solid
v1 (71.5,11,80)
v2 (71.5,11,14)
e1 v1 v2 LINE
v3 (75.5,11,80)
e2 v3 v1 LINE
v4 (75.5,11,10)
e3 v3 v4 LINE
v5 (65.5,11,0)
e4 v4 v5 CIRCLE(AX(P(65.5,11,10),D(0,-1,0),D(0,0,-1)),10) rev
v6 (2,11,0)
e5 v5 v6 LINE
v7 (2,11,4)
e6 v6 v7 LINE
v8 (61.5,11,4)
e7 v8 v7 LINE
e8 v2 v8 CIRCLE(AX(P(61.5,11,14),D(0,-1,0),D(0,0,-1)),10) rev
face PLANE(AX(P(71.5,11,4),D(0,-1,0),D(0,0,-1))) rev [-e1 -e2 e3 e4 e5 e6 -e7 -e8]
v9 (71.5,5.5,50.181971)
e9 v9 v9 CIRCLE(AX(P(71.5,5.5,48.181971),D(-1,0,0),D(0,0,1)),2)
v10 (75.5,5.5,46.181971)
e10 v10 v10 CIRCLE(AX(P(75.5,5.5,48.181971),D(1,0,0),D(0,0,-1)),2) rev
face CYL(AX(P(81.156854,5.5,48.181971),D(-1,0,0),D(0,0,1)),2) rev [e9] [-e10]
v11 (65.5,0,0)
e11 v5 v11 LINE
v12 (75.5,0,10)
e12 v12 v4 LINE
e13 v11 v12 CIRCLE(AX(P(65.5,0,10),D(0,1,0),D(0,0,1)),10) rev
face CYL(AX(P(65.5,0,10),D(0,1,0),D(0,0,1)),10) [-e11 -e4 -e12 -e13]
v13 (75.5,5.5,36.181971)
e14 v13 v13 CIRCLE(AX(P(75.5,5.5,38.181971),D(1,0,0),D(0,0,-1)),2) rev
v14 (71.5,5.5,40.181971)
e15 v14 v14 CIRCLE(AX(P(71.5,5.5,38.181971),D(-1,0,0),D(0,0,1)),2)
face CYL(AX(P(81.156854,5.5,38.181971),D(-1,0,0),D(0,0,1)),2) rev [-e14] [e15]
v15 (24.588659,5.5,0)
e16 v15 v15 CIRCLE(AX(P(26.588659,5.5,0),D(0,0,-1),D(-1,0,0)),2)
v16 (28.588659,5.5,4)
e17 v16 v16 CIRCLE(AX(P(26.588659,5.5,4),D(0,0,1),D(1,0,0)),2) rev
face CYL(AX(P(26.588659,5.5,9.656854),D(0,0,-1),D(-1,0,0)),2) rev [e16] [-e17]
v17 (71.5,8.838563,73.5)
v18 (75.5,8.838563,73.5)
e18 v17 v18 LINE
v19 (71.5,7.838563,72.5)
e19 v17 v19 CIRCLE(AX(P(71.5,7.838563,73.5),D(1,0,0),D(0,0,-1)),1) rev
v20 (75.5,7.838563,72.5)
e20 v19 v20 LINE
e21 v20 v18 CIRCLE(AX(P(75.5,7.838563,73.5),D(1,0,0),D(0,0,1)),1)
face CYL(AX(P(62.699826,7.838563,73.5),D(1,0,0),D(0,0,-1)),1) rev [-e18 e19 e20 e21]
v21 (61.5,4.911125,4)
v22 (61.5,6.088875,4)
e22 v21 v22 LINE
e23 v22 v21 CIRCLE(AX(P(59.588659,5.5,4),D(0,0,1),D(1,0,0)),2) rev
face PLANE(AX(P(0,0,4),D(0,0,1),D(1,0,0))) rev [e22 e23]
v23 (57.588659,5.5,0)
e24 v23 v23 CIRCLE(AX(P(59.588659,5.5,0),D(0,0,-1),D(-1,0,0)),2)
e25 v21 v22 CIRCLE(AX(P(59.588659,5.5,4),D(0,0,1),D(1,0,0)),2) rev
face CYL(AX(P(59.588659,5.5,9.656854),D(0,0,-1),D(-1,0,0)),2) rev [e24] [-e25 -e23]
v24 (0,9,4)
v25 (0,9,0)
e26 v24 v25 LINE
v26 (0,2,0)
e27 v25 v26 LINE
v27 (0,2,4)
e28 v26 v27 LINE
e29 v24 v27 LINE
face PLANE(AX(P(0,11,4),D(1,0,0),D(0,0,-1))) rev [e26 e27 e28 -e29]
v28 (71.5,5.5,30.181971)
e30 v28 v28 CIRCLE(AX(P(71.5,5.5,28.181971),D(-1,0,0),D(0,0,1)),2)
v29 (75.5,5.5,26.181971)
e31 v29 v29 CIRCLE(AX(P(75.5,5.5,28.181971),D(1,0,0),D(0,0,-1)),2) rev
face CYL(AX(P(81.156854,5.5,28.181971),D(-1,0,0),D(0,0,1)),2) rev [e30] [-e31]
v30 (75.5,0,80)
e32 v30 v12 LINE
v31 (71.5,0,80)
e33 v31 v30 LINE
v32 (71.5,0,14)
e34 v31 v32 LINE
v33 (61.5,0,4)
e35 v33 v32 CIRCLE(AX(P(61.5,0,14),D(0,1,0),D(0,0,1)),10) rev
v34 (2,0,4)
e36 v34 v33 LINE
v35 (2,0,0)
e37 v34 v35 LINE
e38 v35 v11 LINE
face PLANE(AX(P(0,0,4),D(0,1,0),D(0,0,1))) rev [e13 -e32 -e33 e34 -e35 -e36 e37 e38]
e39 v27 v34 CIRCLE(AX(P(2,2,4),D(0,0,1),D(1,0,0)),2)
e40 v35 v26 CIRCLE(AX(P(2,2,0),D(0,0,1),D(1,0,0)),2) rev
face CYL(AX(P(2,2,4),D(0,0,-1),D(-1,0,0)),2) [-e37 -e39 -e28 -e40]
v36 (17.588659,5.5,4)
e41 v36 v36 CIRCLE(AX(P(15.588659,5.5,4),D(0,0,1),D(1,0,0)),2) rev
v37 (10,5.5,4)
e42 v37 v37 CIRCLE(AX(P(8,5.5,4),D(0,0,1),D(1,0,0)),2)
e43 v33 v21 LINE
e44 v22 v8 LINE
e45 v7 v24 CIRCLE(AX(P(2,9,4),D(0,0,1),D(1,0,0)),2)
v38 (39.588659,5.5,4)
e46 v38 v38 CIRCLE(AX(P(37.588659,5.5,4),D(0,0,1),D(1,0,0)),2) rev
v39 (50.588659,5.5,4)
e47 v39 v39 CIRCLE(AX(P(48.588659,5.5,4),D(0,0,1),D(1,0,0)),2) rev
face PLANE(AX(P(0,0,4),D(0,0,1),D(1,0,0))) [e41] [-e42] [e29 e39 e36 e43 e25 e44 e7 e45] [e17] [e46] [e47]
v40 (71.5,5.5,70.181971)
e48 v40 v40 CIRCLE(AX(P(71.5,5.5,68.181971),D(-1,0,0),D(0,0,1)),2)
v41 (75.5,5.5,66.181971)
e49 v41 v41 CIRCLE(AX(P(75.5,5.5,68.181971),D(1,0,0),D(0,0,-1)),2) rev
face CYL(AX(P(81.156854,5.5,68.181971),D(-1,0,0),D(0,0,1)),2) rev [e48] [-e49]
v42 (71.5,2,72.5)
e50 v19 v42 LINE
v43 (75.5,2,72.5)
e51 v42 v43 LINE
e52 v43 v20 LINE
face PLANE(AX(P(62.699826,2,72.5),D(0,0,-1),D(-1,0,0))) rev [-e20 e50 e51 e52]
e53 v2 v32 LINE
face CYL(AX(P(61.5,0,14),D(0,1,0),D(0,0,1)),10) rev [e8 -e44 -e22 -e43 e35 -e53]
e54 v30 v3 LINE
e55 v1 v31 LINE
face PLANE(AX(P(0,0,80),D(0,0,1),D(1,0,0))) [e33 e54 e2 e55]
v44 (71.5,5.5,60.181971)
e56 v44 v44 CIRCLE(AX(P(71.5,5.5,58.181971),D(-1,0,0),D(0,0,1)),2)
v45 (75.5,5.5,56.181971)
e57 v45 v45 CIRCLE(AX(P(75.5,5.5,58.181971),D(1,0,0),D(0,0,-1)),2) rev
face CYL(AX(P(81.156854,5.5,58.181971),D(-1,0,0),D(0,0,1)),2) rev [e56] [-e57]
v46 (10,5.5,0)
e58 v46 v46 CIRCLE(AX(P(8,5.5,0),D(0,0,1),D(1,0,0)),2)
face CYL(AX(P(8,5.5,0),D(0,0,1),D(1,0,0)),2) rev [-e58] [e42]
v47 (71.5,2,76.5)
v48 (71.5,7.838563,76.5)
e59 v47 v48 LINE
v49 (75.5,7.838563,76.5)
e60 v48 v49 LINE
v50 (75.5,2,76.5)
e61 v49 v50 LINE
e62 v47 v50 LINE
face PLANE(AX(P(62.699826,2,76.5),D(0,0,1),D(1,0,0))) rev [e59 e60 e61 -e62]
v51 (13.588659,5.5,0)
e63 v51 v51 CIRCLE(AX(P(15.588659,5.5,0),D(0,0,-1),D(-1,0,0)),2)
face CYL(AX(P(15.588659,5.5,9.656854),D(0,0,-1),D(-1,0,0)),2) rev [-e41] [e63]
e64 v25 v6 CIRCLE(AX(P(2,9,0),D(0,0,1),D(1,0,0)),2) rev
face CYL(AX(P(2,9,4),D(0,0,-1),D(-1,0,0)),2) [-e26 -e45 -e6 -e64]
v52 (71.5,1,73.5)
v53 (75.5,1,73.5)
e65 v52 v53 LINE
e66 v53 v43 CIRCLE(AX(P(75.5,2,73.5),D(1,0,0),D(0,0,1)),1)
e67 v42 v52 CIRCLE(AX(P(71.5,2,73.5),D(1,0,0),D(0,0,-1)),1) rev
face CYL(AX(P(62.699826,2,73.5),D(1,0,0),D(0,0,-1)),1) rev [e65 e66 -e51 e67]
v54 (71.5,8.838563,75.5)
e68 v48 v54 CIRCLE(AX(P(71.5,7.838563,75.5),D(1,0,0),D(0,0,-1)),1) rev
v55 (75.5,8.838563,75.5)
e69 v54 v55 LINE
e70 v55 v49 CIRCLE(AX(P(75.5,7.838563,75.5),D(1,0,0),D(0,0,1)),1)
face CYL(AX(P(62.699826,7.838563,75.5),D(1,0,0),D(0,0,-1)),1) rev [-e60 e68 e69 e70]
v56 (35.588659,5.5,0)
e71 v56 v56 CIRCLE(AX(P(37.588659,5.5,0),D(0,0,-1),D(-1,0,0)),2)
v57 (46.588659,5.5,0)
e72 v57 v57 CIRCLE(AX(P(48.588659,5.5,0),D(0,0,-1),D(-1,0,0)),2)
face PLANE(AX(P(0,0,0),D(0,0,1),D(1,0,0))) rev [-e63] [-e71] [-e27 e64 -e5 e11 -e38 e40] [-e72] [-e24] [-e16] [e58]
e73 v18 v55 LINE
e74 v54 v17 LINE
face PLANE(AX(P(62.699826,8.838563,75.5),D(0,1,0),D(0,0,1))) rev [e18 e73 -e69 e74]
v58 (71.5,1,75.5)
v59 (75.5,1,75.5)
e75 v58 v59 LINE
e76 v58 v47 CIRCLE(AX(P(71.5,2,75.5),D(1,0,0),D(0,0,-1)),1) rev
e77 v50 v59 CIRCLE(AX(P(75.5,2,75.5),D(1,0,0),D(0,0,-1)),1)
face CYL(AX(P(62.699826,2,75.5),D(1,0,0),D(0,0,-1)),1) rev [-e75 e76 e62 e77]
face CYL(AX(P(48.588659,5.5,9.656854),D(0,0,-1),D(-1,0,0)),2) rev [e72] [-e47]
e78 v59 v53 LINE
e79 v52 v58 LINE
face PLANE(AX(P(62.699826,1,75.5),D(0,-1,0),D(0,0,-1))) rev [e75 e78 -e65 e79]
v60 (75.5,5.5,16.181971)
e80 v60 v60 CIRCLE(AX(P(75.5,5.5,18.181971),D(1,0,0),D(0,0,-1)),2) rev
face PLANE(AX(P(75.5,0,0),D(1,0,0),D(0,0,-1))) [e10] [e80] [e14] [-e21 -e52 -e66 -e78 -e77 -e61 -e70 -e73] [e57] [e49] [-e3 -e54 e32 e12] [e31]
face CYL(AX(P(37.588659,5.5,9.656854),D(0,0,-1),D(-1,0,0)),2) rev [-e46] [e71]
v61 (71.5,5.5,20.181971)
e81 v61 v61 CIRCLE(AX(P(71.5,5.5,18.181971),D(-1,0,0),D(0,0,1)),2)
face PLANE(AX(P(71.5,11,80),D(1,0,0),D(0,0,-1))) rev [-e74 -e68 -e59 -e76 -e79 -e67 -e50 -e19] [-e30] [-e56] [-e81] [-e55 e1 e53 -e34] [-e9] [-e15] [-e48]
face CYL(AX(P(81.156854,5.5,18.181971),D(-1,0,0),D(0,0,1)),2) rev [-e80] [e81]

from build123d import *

# Parameters (mm, degrees)
SKETCH2_W           = 71.5
SKETCH2_H           = 11
BOSS_EXTRUDE2_DEPTH = 4
SKETCH3_R           = 2
CUT_EXTRUDE1_DEPTH  = 4
SKETCH4_W           = 4
SKETCH4_H           = 4
BOSS_EXTRUDE3_DEPTH = 11
SKETCH5_W           = 4
SKETCH5_H           = 11
BOSS_EXTRUDE4_DEPTH = 76
CUT_EXTRUDE2_DEPTH  = 4
FILLET1_R           = 10
FILLET2_R           = 10
FILLET4_R           = 2
SKETCH7_R           = 2
CUT_EXTRUDE3_DEPTH  = 4
SKETCH8_R           = 2
CUT_EXTRUDE4_DEPTH  = 4


with BuildPart() as part:
    # Sketch2 → Boss-Extrude2 (new body)
    with BuildSketch(Plane.XY):
        with Locations((35.75, 5.5)):
            Rectangle(SKETCH2_W, SKETCH2_H)
    extrude(amount=BOSS_EXTRUDE2_DEPTH)

    # Sketch3 → Cut-Extrude1 (cut)
    with BuildSketch(Plane.XY.offset(4)):
        with Locations((8, 5.5)):
            Circle(SKETCH3_R)
    extrude(amount=-CUT_EXTRUDE1_DEPTH, mode=Mode.SUBTRACT)

    # Sketch4 → Boss-Extrude3 (add)
    with BuildSketch(Plane(origin=(0, 11, 0), x_dir=(1, 0, 0), z_dir=(0, 1, 0))):
        with Locations((73.5, -2)):
            Rectangle(SKETCH4_W, SKETCH4_H)
    extrude(amount=-BOSS_EXTRUDE3_DEPTH)

    # Sketch5 → Boss-Extrude4 (add)
    with BuildSketch(Plane.XY.offset(4)):
        with Locations((73.5, 5.5)):
            Rectangle(SKETCH5_W, SKETCH5_H)
    extrude(amount=BOSS_EXTRUDE4_DEPTH)

    # Sketch6 → Cut-Extrude2 (cut)
    with BuildSketch(Plane(origin=(75.5, 0, 0), x_dir=(0, 0, -1), z_dir=(1, 0, 0))):
        with BuildLine():
            Line((-75.5, 1), (-73.5, 1))
            ThreePointArc((-73.5, 1), (-72.792893219, 1.292893219), (-72.5, 2))
            Line((-72.5, 2), (-72.5, 7.838562936))
            ThreePointArc((-72.5, 7.838562936), (-72.792893219, 8.545669717), (-73.5, 8.838562936))
            Line((-73.5, 8.838562936), (-75.5, 8.838562936))
            ThreePointArc((-75.5, 8.838562936), (-76.207106781, 8.545669717), (-76.5, 7.838562936))
            Line((-76.5, 7.838562936), (-76.5, 2))
            ThreePointArc((-76.5, 2), (-76.207106781, 1.292893219), (-75.5, 1))
        make_face()
    extrude(amount=-CUT_EXTRUDE2_DEPTH, mode=Mode.SUBTRACT)

    # Fillet1
    fillet1_edges = [part.edges().sort_by_distance(p)[0] for p in [
        (71.5, 5.5, 4),
    ]]
    fillet(fillet1_edges, radius=FILLET1_R)

    # Fillet2
    fillet2_edges = [part.edges().sort_by_distance(p)[0] for p in [
        (75.5, 5.5, 0),
    ]]
    fillet(fillet2_edges, radius=FILLET2_R)

    # Fillet4
    fillet4_edges = [part.edges().sort_by_distance(p)[0] for p in [
        (0, 11, 2),
        (0, 0, 2),
    ]]
    fillet(fillet4_edges, radius=FILLET4_R)

    # Sketch7 → Cut-Extrude3 (cut)
    with BuildSketch(Plane(origin=(0, 0, 0), x_dir=(-1, 0, 0), z_dir=(0, 0, -1))):
        with Locations((-15.588658676, 5.5)):
            Circle(SKETCH7_R)
        with Locations((-26.588658676, 5.5)):
            Circle(SKETCH7_R)
        with Locations((-37.588658676, 5.5)):
            Circle(SKETCH7_R)
        with Locations((-48.588658676, 5.5)):
            Circle(SKETCH7_R)
        with Locations((-59.588658676, 5.5)):
            Circle(SKETCH7_R)
    extrude(amount=-CUT_EXTRUDE3_DEPTH, mode=Mode.SUBTRACT)

    # Sketch8 → Cut-Extrude4 (cut)
    with BuildSketch(Plane.ZY.offset(-71.5)):
        with Locations((18.18197142, 5.5)):
            Circle(SKETCH8_R)
        with Locations((28.18197142, 5.5)):
            Circle(SKETCH8_R)
        with Locations((38.18197142, 5.5)):
            Circle(SKETCH8_R)
        with Locations((48.18197142, 5.5)):
            Circle(SKETCH8_R)
        with Locations((58.18197142, 5.5)):
            Circle(SKETCH8_R)
        with Locations((68.18197142, 5.5)):
            Circle(SKETCH8_R)
    extrude(amount=-CUT_EXTRUDE4_DEPTH, mode=Mode.SUBTRACT)


solid = part.part
